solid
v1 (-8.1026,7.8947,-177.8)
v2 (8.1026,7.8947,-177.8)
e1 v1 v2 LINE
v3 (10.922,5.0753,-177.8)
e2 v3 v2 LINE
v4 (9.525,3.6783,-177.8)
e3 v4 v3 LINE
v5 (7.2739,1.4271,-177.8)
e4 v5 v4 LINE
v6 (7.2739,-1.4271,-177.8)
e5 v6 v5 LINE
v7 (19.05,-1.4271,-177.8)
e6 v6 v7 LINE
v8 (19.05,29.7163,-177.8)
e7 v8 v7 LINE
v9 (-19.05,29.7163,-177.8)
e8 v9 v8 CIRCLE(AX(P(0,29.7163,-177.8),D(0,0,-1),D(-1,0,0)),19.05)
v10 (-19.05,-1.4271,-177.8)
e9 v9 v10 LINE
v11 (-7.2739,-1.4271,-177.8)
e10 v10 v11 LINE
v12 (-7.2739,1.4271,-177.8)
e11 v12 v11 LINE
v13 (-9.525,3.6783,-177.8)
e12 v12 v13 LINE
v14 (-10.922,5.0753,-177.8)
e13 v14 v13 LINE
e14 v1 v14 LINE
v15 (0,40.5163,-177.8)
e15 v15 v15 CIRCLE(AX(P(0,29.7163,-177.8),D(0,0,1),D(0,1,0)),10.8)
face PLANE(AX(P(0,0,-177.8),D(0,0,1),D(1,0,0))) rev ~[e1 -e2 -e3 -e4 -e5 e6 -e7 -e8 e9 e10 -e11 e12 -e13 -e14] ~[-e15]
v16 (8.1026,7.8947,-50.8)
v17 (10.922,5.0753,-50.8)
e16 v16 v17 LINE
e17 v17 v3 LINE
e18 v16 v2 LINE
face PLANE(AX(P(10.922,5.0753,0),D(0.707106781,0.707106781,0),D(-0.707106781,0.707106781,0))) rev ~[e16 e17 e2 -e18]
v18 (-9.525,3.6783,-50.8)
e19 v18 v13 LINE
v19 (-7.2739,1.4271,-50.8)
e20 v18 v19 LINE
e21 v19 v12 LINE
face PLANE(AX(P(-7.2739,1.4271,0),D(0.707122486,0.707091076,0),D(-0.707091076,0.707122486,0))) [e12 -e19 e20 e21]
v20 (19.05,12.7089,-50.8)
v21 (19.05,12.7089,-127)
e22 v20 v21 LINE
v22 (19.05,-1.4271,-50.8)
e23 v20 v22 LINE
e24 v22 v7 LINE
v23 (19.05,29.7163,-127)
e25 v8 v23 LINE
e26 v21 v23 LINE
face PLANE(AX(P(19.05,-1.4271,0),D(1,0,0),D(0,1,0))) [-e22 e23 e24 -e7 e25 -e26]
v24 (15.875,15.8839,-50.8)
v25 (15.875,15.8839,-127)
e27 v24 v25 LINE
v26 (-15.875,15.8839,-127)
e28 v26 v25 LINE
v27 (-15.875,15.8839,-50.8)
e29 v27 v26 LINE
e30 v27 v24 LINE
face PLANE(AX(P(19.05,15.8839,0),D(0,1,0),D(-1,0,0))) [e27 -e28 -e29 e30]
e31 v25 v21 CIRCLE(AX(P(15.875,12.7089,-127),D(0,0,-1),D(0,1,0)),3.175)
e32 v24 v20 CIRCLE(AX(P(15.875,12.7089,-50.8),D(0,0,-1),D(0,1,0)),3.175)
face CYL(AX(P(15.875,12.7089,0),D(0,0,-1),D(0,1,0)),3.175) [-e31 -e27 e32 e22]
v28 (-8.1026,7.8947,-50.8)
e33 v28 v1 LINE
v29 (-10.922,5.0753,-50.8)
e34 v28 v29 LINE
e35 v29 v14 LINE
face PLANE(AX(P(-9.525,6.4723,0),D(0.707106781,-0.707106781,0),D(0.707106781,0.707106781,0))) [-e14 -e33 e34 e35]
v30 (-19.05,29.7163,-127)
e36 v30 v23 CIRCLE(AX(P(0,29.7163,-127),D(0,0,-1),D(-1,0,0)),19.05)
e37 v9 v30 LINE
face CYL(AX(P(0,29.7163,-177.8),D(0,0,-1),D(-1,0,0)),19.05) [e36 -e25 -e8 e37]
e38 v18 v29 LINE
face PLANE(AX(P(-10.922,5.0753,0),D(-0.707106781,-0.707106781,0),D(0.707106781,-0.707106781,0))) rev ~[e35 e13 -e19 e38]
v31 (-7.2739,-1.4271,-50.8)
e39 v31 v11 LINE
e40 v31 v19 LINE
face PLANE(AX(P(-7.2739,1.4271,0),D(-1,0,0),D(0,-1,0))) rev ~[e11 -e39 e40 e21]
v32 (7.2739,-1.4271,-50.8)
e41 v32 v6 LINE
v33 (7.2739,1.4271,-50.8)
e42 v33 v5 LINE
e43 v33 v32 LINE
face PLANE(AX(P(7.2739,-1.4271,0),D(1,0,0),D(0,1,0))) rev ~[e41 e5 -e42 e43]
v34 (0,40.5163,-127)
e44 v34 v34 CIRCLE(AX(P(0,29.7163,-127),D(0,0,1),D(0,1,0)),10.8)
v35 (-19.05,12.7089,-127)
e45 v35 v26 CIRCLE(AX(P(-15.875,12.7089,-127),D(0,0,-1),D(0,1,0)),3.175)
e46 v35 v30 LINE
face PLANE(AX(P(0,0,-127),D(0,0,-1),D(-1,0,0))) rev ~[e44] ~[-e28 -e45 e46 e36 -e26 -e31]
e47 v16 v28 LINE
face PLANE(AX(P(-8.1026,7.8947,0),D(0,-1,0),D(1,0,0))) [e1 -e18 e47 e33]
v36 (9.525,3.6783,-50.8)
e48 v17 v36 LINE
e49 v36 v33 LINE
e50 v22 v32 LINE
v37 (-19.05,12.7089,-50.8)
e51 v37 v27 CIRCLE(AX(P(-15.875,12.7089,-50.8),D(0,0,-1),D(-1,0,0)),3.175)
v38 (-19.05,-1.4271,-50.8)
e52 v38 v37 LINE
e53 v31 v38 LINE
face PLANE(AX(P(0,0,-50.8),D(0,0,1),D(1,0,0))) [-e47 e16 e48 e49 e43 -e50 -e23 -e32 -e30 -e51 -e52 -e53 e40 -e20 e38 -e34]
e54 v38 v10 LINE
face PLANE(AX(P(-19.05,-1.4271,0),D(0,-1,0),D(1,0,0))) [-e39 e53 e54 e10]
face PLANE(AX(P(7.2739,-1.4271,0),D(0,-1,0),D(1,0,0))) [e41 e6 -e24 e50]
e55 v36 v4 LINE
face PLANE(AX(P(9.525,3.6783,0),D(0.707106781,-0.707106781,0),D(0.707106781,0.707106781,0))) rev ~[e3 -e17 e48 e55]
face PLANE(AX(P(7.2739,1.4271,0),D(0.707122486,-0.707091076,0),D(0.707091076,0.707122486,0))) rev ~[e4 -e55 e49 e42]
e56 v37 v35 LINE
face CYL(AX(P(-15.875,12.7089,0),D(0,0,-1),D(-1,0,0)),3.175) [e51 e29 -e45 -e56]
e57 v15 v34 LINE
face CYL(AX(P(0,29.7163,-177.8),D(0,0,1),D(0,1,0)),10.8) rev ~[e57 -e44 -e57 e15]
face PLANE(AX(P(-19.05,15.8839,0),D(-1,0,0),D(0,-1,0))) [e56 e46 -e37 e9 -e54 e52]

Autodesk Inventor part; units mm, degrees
ref_plane "YZ Plane" through (0, 0, 0) normal (1, 0, 0) x (0, 1, 0)
ref_plane "XZ Plane" through (0, 0, 0) normal (0, 1, 0) x (-1, 0, 0)
ref_plane "XY Plane" through (0, 0, 0) normal (0, 0, 1) x (1, 0, 0)
sketch "Sketch1" plane through (0, 0, 0) normal (0, 0, 1) x (1, 0, 0)
  line L0 (-7.2739, -1.4271) -> (7.2739, -1.4271)
  line L1 (7.2739, -1.4271) -> (7.2739, 1.4271)
  line L2 (7.2739, 1.4271) -> (-7.2739, 1.4271)
  line L3 (-7.2739, 1.4271) -> (-7.2739, -1.4271)
  line L4 (-7.2739, -1.4271) -> (7.2739, 1.4271) construction
  line L5 (7.2739, -1.4271) -> (-7.2739, 1.4271) construction
  line L6 (9.525, 3.6783) -> (-9.525, 3.6783)
  line L7 (-9.525, 3.6783) -> (-9.525, 6.4723)
  line L8 (-9.525, 6.4723) -> (9.525, 6.4723)
  line L9 (9.525, 6.4723) -> (9.525, 3.6783)
  line L10 (9.525, 3.6783) -> (-9.525, 6.4723) construction
  line L11 (-9.525, 3.6783) -> (9.525, 6.4723) construction
  line L12 (-7.2739, 1.4271) -> (-9.525, 3.6783)
  line L13 (7.2739, 1.4271) -> (9.525, 3.6783)
  line L14 (-10.922, 5.0753) -> (-8.1026, 7.8947)
  line L15 (-10.922, 5.0753) -> (-6.9348, 5.0753) construction
  line L16 (-10.922, 5.0753) -> (-9.525, 3.6783)
  line L17 (10.922, 5.0753) -> (8.1026, 7.8947)
  line L18 (9.525, 3.6783) -> (10.922, 5.0753)
  line L19 (-8.1026, 7.8947) -> (8.1026, 7.8947)
  line L20 (-19.05, -1.4271) -> (19.05, -1.4271)
  line L21 (19.05, -1.4271) -> (19.05, 15.8839)
  line L22 (19.05, 15.8839) -> (-19.05, 15.8839)
  line L23 (-19.05, 15.8839) -> (-19.05, -1.4271)
  point P0 (0, 0)
  point P1 (0, 5.0753)
  point P2 (0, -1.4271)
  dimension "d0" = 135
  dimension "d1" = 135
  dimension "d2" = 19.05
  dimension "d3" = 2.794
  dimension "d4" = 45
  dimension "d5" = 4.2164
  dimension "d6" = 90
  dimension "d7" = 90
  dimension "d8" = 9.3218
  dimension "d9" = 38.1
extrude "Extrusion1" add sketch "Sketch1" against normal blind 177.8 contours L20 L23 L22 L21 L1 L13 L18 L17 L19 L14 L16 L12 L3
sketch "Sketch2" plane through (0, 0, -177.8) normal (0, 0, -1) x (-1, 0, 0)
  arc A0 (19.05, 29.7163) -> (-19.05, 29.7163) centre (0, 29.7163) ccw
  line L0 (19.05, -1.4271) -> (19.05, 15.8839) projected
  line L1 (19.05, 15.8839) -> (19.05, -1.4271) projected
  line L2 (19.05, 15.8839) -> (19.05, 29.7163)
  line L3 (-19.05, -1.4271) -> (-19.05, 15.8839) projected
  line L4 (-19.05, 15.8839) -> (-19.05, 29.7163)
  line L5 (19.05, 15.8839) -> (-19.05, 15.8839)
  point P0 (0, 0)
extrude "Extrusion2" add sketch "Sketch2" against normal blind 50.8
sketch "Sketch3" plane through (0, 0, -177.8) normal (0, 0, -1) x (-1, 0, 0)
  arc A0 (19.05, 29.7163) -> (-19.05, 29.7163) centre (0, 29.7163) ccw projected
  point P0 (0, 0)
hole "Hole1" at (0, 29.7163, -177.8) direction (0, 0, 1) diameter 21.6 end through all
fillet "Fillet1" radius 3.175 2 edges at (-19.05, 15.8839, -63.5) (19.05, 15.8839, -63.5)
sketch "Sketch4" plane through (0, 0, 0) normal (0, 0, 1) x (1, 0, 0)
  line L0 (-84.0587, 46.9015) -> (30.6415, 46.9015)
  line L1 (30.6415, 46.9015) -> (30.6415, -6.8679)
  line L2 (30.6415, -6.8679) -> (-84.0587, -6.8679)
  line L3 (-84.0587, -6.8679) -> (-84.0587, 46.9015)
  line L4 (-84.0587, 46.9015) -> (30.6415, -6.8679) construction
  line L5 (30.6415, 46.9015) -> (-84.0587, -6.8679) construction
  point P0 (0, 0)
  point P1 (-26.7086, 20.0168)
extrude "Extrusion3" cut sketch "Sketch4" against normal blind 50.8
properties part number "Laser mount 5 inches"
